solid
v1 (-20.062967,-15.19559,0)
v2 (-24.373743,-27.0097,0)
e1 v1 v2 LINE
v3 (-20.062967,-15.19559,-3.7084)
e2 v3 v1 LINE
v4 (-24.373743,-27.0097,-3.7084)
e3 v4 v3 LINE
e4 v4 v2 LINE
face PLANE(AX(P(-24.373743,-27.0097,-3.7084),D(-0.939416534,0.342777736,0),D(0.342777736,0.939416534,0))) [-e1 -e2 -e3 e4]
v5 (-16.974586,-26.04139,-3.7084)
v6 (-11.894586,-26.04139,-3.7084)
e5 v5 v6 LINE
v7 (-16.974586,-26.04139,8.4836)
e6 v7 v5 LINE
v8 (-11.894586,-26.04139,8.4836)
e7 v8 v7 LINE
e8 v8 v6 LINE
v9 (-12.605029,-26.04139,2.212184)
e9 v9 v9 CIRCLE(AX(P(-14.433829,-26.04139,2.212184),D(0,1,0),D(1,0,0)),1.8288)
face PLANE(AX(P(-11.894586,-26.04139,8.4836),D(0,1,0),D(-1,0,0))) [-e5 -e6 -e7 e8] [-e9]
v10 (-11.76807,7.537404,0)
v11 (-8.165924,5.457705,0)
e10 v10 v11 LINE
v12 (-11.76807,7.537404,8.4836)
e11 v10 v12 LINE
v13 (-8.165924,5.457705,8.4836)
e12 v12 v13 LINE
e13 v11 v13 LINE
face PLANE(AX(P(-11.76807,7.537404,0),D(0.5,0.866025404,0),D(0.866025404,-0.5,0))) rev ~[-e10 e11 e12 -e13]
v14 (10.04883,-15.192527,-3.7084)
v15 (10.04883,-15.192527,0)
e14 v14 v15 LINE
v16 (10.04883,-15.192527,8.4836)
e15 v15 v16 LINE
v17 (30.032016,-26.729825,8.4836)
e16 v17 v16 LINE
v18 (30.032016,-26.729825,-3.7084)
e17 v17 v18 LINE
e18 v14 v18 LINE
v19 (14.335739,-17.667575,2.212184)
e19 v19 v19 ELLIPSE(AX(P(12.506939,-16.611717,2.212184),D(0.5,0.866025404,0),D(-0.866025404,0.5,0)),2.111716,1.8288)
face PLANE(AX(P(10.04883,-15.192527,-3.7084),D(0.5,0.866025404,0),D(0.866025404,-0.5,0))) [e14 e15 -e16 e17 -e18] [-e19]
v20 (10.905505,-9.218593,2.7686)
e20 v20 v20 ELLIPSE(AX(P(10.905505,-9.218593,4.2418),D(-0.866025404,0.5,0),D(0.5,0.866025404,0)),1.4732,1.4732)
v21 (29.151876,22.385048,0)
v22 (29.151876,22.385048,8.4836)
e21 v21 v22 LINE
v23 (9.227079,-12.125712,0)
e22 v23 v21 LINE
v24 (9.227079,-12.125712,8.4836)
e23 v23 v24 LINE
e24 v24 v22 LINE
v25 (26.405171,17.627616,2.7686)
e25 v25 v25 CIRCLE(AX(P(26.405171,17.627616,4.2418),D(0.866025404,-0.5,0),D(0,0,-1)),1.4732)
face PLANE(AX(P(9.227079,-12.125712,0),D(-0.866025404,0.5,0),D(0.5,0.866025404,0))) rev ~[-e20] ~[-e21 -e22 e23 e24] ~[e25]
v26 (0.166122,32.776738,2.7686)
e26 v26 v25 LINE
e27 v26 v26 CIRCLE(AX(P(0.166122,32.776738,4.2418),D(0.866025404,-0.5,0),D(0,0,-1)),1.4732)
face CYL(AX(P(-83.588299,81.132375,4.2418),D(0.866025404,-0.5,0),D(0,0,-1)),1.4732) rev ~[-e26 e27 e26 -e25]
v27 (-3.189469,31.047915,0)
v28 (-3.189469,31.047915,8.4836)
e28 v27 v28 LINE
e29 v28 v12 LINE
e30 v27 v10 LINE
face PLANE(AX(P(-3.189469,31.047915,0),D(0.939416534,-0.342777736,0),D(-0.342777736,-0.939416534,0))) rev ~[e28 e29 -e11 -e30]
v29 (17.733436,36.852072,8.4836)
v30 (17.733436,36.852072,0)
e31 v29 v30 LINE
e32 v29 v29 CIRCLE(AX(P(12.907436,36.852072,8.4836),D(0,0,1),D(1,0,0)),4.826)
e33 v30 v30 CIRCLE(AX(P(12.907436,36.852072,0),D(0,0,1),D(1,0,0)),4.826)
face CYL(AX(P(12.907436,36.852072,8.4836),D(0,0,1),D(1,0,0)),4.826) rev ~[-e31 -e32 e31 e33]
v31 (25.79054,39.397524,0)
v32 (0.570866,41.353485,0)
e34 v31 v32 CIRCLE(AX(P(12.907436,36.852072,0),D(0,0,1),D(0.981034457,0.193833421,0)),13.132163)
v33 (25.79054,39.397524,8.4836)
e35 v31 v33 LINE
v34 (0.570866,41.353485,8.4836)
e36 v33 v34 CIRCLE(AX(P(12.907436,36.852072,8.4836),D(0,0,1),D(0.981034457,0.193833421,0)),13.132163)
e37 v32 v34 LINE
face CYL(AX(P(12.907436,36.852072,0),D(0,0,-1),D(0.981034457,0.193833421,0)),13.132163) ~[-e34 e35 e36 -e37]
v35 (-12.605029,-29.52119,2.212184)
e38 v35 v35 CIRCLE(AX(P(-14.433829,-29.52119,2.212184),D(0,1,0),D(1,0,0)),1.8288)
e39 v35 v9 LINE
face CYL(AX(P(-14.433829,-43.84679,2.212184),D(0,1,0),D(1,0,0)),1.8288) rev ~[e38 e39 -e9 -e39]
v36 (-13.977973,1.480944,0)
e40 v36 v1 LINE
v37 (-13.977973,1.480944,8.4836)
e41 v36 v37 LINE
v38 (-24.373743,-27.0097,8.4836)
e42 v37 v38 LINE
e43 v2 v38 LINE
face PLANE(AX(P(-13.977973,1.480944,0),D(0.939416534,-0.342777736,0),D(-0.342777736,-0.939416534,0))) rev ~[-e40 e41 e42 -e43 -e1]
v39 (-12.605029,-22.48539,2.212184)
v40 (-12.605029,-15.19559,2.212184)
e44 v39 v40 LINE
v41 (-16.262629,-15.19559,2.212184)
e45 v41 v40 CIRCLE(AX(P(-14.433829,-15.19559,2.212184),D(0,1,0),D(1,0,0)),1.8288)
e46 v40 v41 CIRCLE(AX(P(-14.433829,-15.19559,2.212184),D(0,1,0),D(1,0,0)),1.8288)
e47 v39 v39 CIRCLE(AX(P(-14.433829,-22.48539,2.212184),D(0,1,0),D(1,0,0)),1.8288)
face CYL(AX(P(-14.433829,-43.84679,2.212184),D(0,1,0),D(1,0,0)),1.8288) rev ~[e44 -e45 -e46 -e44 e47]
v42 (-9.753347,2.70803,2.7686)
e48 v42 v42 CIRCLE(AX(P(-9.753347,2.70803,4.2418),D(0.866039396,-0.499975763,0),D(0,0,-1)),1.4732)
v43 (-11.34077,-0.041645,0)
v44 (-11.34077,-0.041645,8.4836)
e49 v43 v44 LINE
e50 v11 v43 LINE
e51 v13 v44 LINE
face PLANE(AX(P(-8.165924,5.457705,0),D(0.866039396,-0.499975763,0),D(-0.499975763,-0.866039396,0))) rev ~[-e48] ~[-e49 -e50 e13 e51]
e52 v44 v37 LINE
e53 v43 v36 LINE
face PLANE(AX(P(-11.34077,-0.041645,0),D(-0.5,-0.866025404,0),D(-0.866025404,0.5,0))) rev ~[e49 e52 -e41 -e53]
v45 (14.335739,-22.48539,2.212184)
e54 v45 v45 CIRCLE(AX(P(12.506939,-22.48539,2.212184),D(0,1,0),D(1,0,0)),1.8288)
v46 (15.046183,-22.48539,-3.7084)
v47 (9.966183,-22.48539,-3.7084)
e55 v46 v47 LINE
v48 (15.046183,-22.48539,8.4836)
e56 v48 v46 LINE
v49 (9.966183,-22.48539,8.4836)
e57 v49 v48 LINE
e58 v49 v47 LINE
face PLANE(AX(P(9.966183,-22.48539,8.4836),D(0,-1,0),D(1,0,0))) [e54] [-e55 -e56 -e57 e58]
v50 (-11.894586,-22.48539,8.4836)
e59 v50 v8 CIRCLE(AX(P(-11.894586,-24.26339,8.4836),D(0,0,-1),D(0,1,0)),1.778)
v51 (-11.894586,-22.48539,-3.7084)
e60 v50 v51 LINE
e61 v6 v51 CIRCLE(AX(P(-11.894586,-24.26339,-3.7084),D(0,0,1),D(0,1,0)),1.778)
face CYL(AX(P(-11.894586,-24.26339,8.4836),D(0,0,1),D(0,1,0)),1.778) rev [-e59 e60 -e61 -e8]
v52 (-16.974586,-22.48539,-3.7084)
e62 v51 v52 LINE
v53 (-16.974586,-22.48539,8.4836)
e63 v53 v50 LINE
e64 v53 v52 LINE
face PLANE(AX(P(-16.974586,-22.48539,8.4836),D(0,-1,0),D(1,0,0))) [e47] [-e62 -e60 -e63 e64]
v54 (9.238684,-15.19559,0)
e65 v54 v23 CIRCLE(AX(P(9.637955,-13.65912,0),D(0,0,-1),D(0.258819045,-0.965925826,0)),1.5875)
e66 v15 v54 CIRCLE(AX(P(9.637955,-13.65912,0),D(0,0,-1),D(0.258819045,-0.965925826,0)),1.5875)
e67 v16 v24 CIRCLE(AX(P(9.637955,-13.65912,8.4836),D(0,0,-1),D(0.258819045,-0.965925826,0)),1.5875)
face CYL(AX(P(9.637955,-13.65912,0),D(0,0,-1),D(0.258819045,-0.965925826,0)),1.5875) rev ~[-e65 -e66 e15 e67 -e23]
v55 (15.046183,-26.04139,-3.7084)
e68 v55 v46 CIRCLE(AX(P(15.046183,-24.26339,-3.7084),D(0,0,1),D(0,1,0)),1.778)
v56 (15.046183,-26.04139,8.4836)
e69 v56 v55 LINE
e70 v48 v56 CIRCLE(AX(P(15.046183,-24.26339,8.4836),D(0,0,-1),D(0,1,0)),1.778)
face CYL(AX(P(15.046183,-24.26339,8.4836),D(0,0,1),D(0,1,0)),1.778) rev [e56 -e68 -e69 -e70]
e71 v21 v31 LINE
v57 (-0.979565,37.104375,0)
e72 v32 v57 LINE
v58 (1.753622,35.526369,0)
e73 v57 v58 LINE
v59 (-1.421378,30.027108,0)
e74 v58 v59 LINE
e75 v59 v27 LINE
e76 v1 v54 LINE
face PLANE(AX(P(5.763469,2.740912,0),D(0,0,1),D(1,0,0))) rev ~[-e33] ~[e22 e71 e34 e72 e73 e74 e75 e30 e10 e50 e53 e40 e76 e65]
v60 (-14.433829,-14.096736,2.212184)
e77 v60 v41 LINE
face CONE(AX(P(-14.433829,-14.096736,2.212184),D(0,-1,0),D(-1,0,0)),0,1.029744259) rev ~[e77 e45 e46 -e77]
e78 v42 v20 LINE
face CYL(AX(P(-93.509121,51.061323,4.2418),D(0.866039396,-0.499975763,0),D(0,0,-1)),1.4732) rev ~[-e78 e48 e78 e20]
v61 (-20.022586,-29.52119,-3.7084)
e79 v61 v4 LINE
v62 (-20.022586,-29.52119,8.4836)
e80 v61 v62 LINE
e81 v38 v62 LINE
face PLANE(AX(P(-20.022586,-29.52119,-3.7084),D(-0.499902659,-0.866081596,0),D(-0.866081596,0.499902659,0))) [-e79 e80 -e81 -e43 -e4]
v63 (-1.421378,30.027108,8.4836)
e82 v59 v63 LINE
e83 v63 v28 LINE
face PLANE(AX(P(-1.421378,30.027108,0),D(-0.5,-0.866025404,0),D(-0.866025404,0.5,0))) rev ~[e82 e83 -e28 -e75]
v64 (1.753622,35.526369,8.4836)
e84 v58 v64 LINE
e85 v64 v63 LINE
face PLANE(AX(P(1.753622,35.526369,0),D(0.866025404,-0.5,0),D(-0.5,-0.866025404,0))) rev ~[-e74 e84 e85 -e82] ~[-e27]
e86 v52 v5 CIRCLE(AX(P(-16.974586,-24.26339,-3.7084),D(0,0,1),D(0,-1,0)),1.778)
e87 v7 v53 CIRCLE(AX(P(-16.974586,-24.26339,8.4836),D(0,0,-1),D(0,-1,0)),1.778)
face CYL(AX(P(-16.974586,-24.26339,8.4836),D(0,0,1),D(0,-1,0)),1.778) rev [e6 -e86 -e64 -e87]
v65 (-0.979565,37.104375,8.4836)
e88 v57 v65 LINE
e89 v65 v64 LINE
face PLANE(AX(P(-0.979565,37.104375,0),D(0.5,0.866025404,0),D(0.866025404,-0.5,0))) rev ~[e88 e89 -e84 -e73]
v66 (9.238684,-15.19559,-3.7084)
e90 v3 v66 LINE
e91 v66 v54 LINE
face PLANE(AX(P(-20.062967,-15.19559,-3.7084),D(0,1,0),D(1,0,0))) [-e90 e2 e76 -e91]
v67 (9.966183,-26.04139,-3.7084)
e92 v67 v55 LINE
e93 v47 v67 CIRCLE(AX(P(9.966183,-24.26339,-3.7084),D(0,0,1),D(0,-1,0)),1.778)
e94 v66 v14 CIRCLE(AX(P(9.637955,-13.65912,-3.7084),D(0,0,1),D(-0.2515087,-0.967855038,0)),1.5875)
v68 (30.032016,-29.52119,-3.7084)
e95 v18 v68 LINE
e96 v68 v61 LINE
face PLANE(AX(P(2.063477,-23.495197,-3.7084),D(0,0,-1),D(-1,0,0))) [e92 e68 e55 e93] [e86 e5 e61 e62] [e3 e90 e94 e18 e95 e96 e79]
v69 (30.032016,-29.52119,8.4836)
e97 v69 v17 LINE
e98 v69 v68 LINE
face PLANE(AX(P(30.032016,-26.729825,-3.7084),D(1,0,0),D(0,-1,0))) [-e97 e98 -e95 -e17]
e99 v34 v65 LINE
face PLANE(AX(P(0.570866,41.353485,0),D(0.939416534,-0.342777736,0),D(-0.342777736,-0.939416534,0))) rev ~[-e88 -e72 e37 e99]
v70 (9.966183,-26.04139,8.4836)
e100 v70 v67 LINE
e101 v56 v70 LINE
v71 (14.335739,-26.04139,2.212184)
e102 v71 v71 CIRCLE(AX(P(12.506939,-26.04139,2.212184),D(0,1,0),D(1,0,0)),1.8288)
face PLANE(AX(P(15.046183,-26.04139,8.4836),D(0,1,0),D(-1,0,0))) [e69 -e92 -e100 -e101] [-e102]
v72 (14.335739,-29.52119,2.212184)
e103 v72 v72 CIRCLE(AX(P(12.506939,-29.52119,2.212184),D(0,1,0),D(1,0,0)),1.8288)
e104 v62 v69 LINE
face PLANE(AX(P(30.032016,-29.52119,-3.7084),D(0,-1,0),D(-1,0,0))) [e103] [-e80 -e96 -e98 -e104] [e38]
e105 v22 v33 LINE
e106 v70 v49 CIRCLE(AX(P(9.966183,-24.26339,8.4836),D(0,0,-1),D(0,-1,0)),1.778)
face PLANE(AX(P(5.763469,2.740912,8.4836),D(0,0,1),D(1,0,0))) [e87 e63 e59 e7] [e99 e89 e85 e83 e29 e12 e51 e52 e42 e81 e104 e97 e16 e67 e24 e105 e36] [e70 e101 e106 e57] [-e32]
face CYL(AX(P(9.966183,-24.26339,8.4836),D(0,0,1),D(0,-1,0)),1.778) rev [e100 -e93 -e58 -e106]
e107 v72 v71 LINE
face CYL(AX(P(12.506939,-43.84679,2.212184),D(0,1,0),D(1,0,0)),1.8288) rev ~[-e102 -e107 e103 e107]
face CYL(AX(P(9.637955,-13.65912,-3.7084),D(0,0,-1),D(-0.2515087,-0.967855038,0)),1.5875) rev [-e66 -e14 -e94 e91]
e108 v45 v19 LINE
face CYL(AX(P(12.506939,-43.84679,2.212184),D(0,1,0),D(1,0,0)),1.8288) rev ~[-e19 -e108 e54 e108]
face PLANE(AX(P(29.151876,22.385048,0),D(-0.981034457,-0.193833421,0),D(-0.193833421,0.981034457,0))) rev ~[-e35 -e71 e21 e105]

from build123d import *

# Parameters (mm, degrees)
MODEL_R                   = 3.175
BOSS_EXTRUDE1_DEPTH       = 8.4836
F_4_CLEARANCE_HOLE3_D     = 2.9464
F_4_CLEARANCE_HOLE4_D     = 2.9464
BOSS_EXTRUDE2_START       = 3.7084
BOSS_EXTRUDE2_DEPTH       = 3.7084
CUT_EXTRUDE1_DEPTH        = 60.573404892
F_6_CLEARANCE_HOLE2_D     = 3.6576
F_6_CLEARANCE_HOLE2_DEPTH = 14.3256
F_6_CLEARANCE_HOLE2_TIP   = 1.0988539
SKETCH20_R                = 4.826
CUT_EXTRUDE2_DEPTH        = 60.573404892


with BuildPart() as part:
    # Model → Boss-Extrude1 (new body)
    with BuildSketch(Plane.XY):
        with BuildLine():
            Line((30.032015577, -29.521189504), (30.032015577, -26.729824585))
            Line((30.032015577, -26.729824585), (10.04882977, -15.19252688))
            ThreePointArc((10.04882977, -15.19252688), (8.104547287, -14.069994865), (9.227079302, -12.125712382))
            Line((9.227079302, -12.125712382), (29.151876156, 22.3850481))
            Line((29.151876156, 22.3850481), (25.790540116, 39.397524407))
            ThreePointArc((25.790540116, 39.397524407), (13.922877184, 49.944916766), (0.570865514, 41.353485372))
            Line((0.570865514, 41.353485372), (-0.979565285, 37.104375313))
            Line((-0.979565285, 37.104375313), (1.753621818, 35.526369004))
            Line((1.753621818, 35.526369004), (-1.421378182, 30.02710769))
            Line((-1.421378182, 30.02710769), (-3.189468587, 31.047915161))
            Line((-3.189468587, 31.047915161), (-11.768069595, 7.537404491))
            Line((-11.768069595, 7.537404491), (-8.165923931, 5.457704722))
            Line((-8.165923931, 5.457704722), (-11.34077003, -0.041645446))
            Line((-11.34077003, -0.041645446), (-13.977972897, 1.480944339))
            Line((-13.977972897, 1.480944339), (-24.373743148, -27.00969967))
            Line((-24.373743148, -27.00969967), (-20.022585807, -29.521189504))
            Line((-20.022585807, -29.521189504), (30.032015577, -29.521189504))
        make_face()
        with Locations(Location((12.90743615, 36.852072417, 0), (0, 0, 180))):
            Circle(MODEL_R, mode=Mode.SUBTRACT)
    extrude(amount=BOSS_EXTRUDE1_DEPTH)

    # #4 Clearance Hole3 (through all)
    with Locations(Plane(origin=(-14.068152667, 8.12225173, 0), x_dir=(0, 0, 1), z_dir=(-0.8660254037844389, 0.4999999999999996, 0))):
        with Locations((4.2418, 28.46854897)):
            Hole(F_4_CLEARANCE_HOLE3_D / 2)

    # #4 Clearance Hole4 (through all)
    with Locations(Plane(origin=(-8.487819953, 4.900128422, 0), x_dir=(0, 0, 1), z_dir=(-0.8660393963332388, 0.49997576341134725, 0))):
        with Locations((4.2418, -2.53117675)):
            Hole(F_4_CLEARANCE_HOLE4_D / 2)

    # Sketch12 → Boss-Extrude2 (add)
    with BuildSketch(Plane(origin=(0, 0, 0), x_dir=(-1, 0, 0), z_dir=(0, 0, -1)).offset(BOSS_EXTRUDE2_START)):
        with BuildLine():
            Line((20.062967478, -15.195589504), (-9.238684477, -15.195589504))
            ThreePointArc((-9.238684477, -15.195589504), (-9.643955781, -15.246608288), (-10.04882977, -15.19252688))
            Line((-10.04882977, -15.19252688), (-30.032015577, -26.729824585))
            Line((-30.032015577, -26.729824585), (-30.032015577, -29.521189504))
            Line((-30.032015577, -29.521189504), (20.022585807, -29.521189504))
            Line((20.022585807, -29.521189504), (24.373743148, -27.00969967))
            Line((24.373743148, -27.00969967), (20.062967478, -15.195589504))
        make_face()
    extrude(amount=-BOSS_EXTRUDE2_DEPTH)

    # Sketch14 → Cut-Extrude1 (cut, through all)
    with BuildSketch(Plane.XY.offset(8.4836)):
        with BuildLine():
            Line((-16.974585807, -22.485389504), (-11.894585807, -22.485389504))
            ThreePointArc((-11.894585807, -22.485389504), (-10.116585807, -24.263389504), (-11.894585807, -26.041389504))
            Line((-11.894585807, -26.041389504), (-16.974585807, -26.041389504))
            ThreePointArc((-16.974585807, -26.041389504), (-18.752585807, -24.263389504), (-16.974585807, -22.485389504))
        make_face()
        with BuildLine():
            Line((9.966182511, -22.485389504), (15.046182511, -22.485389504))
            ThreePointArc((15.046182511, -22.485389504), (16.824182511, -24.263389504), (15.046182511, -26.041389504))
            Line((15.046182511, -26.041389504), (9.966182511, -26.041389504))
            ThreePointArc((9.966182511, -26.041389504), (8.188182511, -24.263389504), (9.966182511, -22.485389504))
        make_face()
    extrude(amount=-CUT_EXTRUDE1_DEPTH, mode=Mode.SUBTRACT)

    # #6 Clearance Hole2
    with Locations(Plane(origin=(0, -29.521189504, 0), x_dir=(-1, 0, 0), z_dir=(0, -1, 0))):
        with Locations((14.433829056, -2.212184194), (-12.506939307, -2.212184194)):
            Hole(F_6_CLEARANCE_HOLE2_D / 2, depth=F_6_CLEARANCE_HOLE2_DEPTH)
            with Locations((0, 0, -(F_6_CLEARANCE_HOLE2_DEPTH + F_6_CLEARANCE_HOLE2_TIP / 2))):  # 118° drill point
                Cone(0, F_6_CLEARANCE_HOLE2_D / 2, F_6_CLEARANCE_HOLE2_TIP, mode=Mode.SUBTRACT)

    # Sketch20 → Cut-Extrude2 (cut, through all)
    with BuildSketch(Plane.XY.offset(8.4836)):
        with Locations((12.90743615, 36.852072417)):
            Circle(SKETCH20_R)
    extrude(amount=-CUT_EXTRUDE2_DEPTH, mode=Mode.SUBTRACT)


solid = part.part
